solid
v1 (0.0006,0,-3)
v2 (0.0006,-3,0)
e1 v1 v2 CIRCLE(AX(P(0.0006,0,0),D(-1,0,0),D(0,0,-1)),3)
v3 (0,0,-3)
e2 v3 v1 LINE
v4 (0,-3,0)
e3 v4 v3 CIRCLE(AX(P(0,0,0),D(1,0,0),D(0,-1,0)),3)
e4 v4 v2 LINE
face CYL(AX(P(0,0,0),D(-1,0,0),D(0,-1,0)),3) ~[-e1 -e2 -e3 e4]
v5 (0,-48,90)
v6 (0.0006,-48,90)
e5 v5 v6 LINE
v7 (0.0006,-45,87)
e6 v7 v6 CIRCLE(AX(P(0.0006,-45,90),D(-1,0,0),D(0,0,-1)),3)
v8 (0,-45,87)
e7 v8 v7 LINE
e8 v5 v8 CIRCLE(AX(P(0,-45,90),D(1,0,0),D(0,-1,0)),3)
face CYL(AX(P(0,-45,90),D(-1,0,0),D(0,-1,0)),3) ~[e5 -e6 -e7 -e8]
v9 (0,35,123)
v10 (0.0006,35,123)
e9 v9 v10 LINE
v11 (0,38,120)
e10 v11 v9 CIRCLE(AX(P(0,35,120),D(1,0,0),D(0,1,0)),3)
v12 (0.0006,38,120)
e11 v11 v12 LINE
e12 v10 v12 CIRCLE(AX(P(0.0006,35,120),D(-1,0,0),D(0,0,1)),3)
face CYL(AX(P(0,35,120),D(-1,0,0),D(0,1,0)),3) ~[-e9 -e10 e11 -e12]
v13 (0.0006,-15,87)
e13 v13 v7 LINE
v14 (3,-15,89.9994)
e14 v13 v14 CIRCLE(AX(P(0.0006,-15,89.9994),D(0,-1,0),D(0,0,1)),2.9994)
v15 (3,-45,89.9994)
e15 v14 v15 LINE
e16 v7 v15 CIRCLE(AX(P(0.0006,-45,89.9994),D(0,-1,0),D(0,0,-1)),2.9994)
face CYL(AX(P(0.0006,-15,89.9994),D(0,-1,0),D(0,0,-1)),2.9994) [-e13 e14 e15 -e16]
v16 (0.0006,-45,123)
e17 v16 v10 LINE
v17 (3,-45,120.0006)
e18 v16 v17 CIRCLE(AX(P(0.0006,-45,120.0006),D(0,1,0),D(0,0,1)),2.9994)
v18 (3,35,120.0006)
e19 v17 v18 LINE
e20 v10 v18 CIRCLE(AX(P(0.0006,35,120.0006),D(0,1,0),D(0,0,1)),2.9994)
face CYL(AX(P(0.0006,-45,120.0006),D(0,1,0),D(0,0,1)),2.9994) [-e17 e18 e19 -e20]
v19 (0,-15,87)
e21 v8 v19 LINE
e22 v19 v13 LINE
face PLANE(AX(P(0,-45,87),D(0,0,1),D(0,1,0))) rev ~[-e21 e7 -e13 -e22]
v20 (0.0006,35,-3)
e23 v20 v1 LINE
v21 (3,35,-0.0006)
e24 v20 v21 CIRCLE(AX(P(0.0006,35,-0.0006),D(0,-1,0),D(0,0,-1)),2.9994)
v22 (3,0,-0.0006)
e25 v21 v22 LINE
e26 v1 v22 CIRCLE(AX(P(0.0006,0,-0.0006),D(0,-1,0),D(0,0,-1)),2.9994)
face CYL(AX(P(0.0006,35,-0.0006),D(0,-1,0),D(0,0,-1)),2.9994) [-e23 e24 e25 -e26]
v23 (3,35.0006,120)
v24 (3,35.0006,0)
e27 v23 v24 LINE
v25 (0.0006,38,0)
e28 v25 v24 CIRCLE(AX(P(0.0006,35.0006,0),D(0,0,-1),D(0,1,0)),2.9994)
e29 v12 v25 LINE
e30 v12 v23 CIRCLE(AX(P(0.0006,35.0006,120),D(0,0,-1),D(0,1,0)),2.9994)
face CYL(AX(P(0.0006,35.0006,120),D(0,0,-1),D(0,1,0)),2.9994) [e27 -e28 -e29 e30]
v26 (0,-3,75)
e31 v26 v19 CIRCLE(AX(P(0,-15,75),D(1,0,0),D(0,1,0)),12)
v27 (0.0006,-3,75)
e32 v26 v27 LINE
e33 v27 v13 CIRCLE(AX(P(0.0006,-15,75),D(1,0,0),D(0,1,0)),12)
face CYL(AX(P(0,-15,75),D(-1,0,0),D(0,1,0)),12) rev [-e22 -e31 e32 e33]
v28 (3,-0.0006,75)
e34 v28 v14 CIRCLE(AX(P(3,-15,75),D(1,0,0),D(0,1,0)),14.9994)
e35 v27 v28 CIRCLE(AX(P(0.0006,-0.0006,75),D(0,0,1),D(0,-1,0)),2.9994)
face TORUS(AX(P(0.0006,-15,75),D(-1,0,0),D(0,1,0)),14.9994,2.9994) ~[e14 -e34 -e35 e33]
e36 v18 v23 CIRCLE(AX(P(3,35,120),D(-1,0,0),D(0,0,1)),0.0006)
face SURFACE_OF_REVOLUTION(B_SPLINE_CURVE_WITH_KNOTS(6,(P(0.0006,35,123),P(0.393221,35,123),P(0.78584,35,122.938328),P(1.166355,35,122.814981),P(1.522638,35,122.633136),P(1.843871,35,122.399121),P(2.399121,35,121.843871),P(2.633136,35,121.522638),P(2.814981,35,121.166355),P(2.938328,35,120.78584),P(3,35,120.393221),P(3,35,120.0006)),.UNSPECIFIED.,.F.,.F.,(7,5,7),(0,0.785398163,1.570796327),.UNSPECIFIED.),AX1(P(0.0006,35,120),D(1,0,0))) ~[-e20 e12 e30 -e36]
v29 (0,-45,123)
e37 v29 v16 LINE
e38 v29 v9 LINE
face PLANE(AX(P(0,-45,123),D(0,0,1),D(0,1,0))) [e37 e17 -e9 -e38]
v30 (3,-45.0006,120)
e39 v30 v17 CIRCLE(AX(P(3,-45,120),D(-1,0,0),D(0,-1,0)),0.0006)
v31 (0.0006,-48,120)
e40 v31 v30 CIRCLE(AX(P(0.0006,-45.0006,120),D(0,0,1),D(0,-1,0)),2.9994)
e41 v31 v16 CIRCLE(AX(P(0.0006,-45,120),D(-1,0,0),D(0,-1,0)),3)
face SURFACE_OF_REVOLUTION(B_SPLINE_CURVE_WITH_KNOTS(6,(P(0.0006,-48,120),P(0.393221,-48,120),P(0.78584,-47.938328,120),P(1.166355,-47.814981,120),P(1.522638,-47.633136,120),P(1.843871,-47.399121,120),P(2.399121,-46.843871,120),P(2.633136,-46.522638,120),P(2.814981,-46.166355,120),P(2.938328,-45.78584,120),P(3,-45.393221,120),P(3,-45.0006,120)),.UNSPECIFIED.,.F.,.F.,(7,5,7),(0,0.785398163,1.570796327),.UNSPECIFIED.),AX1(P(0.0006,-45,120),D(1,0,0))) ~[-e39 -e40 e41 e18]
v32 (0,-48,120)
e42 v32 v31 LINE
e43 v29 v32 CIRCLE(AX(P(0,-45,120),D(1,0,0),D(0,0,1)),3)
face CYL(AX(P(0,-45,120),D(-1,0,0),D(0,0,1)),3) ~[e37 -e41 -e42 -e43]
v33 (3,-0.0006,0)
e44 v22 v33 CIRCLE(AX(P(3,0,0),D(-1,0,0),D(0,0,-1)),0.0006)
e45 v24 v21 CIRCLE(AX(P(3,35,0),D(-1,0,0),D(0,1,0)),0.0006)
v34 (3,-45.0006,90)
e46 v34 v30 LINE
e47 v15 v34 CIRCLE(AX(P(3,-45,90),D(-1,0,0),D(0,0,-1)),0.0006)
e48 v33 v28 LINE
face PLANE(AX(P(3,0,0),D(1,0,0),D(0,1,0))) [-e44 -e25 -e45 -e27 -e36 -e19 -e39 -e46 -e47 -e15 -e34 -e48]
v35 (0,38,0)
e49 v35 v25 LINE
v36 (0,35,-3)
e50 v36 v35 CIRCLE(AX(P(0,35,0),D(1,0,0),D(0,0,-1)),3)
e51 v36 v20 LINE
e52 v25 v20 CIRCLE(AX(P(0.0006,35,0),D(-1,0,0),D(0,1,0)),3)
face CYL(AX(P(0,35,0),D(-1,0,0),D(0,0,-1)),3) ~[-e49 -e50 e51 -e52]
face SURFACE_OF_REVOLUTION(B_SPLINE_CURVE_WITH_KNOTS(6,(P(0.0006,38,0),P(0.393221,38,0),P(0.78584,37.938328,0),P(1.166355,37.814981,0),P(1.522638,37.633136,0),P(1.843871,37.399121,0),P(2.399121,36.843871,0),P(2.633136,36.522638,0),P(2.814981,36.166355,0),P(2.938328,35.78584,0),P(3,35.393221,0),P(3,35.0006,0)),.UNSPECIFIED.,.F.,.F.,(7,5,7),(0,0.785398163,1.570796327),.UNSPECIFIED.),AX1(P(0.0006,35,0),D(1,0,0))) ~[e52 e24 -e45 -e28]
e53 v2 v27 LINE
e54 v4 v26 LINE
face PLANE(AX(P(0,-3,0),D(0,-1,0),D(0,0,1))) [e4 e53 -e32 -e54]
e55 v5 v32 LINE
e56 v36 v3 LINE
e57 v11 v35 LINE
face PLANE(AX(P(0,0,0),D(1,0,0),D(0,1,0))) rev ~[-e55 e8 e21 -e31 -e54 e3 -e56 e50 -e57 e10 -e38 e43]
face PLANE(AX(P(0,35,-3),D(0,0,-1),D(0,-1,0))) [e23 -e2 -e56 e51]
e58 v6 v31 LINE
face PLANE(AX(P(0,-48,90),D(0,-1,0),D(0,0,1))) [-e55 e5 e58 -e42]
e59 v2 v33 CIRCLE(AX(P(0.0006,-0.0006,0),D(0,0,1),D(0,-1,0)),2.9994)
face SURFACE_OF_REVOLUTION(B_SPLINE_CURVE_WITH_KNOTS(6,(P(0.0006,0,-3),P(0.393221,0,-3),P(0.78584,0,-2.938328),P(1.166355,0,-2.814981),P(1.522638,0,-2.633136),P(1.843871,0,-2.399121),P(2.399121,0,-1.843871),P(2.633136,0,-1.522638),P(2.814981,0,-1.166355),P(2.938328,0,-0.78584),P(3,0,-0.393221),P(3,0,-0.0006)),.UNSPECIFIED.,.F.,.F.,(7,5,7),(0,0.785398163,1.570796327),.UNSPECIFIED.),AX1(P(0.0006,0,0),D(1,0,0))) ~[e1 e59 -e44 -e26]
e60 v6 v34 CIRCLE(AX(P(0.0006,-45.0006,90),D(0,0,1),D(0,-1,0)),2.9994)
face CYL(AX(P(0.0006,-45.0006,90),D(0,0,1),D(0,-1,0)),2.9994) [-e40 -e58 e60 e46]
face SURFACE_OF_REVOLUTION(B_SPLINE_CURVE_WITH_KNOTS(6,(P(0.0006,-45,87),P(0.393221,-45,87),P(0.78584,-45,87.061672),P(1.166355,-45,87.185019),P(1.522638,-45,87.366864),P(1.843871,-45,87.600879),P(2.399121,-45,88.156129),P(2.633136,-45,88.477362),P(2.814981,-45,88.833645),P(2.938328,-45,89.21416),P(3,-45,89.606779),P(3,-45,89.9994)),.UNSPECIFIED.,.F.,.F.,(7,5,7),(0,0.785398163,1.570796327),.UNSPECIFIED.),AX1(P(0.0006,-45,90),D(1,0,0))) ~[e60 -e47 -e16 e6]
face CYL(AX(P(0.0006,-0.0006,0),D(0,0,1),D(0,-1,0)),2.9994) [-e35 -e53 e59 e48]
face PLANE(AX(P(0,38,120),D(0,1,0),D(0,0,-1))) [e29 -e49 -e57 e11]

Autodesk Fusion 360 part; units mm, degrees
sketch "Çizim1" plane through (0, 0, 0) normal (1, 0, 0) x (0, 1, 0)
  line L0 (0, 90) -> (0, 0)
  line L1 (-45, 123) -> (35, 123)
  line L2 (35, -3) -> (0, -3)
  line L3 (35, 120) -> (-45, 120)
  arc A0 (38, 120) -> (35, 123) centre (35, 120) ccw
  line L4 (-45, 87) -> (-15, 87)
  line L5 (38, 120) -> (38, 0)
  line L6 (-3, 0) -> (-3, 75)
  line L7 (-45, 120) -> (-45, 90)
  line L8 (-48, 90) -> (-48, 120)
  arc A1 (-3, 0) -> (0, -3) centre (0, 0) ccw
  arc A2 (35, -3) -> (38, 0) centre (35, 0) ccw
  arc A3 (-45, 123) -> (-48, 120) centre (-45, 120) ccw
  arc A4 (-3, 75) -> (-15, 87) centre (-15, 75) ccw
  arc A5 (-48, 90) -> (-45, 87) centre (-45, 90) ccw
  line L9 (35, 0) -> (35, 120)
  line L10 (0, 0) -> (35, 0)
  line L11 (-45, 90) -> (0, 90)
  point P0 (38, 123)
  point P1 (-48, 87)
  point P2 (-48, 123)
  point P3 (-3, -3)
  point P4 (38, -3)
  dimension "d1" = 35
  dimension "d2" = 120
  dimension "d3" = 3
  dimension "d4" = 36
  dimension "d5" = 86
  dimension "d6" = 126
  dimension "d7" = 41
  dimension "d8" = 3
  dimension "d9" = 3
  dimension "d10" = 3
  dimension "d11" = 3
  dimension "d12" = 3
  dimension "d13" = 12
extrude "Ekstrüzyon1" add sketch "Çizim1" along normal blind 3 contours L0 L3 L7 L9 L10 L11 | L1 L2 A0 L4 L5 L6 L8 A1 A2 A3 A4 A5
fillet "Fillet1" radius 3 12 edges at (3, -48, 105) (3, -47.1213, 87.8787) (3, -30, 87) (3, -6.5147, 83.4853) (3, -3, 37.5) (3, -2.1213, -2.1213) (3, 17.5, -3) (3, 37.1213, -2.1213) (3, 38, 60) (3, 37.1213, 122.1213) (3, -5, 123) (3, -47.1213, 122.1213)
